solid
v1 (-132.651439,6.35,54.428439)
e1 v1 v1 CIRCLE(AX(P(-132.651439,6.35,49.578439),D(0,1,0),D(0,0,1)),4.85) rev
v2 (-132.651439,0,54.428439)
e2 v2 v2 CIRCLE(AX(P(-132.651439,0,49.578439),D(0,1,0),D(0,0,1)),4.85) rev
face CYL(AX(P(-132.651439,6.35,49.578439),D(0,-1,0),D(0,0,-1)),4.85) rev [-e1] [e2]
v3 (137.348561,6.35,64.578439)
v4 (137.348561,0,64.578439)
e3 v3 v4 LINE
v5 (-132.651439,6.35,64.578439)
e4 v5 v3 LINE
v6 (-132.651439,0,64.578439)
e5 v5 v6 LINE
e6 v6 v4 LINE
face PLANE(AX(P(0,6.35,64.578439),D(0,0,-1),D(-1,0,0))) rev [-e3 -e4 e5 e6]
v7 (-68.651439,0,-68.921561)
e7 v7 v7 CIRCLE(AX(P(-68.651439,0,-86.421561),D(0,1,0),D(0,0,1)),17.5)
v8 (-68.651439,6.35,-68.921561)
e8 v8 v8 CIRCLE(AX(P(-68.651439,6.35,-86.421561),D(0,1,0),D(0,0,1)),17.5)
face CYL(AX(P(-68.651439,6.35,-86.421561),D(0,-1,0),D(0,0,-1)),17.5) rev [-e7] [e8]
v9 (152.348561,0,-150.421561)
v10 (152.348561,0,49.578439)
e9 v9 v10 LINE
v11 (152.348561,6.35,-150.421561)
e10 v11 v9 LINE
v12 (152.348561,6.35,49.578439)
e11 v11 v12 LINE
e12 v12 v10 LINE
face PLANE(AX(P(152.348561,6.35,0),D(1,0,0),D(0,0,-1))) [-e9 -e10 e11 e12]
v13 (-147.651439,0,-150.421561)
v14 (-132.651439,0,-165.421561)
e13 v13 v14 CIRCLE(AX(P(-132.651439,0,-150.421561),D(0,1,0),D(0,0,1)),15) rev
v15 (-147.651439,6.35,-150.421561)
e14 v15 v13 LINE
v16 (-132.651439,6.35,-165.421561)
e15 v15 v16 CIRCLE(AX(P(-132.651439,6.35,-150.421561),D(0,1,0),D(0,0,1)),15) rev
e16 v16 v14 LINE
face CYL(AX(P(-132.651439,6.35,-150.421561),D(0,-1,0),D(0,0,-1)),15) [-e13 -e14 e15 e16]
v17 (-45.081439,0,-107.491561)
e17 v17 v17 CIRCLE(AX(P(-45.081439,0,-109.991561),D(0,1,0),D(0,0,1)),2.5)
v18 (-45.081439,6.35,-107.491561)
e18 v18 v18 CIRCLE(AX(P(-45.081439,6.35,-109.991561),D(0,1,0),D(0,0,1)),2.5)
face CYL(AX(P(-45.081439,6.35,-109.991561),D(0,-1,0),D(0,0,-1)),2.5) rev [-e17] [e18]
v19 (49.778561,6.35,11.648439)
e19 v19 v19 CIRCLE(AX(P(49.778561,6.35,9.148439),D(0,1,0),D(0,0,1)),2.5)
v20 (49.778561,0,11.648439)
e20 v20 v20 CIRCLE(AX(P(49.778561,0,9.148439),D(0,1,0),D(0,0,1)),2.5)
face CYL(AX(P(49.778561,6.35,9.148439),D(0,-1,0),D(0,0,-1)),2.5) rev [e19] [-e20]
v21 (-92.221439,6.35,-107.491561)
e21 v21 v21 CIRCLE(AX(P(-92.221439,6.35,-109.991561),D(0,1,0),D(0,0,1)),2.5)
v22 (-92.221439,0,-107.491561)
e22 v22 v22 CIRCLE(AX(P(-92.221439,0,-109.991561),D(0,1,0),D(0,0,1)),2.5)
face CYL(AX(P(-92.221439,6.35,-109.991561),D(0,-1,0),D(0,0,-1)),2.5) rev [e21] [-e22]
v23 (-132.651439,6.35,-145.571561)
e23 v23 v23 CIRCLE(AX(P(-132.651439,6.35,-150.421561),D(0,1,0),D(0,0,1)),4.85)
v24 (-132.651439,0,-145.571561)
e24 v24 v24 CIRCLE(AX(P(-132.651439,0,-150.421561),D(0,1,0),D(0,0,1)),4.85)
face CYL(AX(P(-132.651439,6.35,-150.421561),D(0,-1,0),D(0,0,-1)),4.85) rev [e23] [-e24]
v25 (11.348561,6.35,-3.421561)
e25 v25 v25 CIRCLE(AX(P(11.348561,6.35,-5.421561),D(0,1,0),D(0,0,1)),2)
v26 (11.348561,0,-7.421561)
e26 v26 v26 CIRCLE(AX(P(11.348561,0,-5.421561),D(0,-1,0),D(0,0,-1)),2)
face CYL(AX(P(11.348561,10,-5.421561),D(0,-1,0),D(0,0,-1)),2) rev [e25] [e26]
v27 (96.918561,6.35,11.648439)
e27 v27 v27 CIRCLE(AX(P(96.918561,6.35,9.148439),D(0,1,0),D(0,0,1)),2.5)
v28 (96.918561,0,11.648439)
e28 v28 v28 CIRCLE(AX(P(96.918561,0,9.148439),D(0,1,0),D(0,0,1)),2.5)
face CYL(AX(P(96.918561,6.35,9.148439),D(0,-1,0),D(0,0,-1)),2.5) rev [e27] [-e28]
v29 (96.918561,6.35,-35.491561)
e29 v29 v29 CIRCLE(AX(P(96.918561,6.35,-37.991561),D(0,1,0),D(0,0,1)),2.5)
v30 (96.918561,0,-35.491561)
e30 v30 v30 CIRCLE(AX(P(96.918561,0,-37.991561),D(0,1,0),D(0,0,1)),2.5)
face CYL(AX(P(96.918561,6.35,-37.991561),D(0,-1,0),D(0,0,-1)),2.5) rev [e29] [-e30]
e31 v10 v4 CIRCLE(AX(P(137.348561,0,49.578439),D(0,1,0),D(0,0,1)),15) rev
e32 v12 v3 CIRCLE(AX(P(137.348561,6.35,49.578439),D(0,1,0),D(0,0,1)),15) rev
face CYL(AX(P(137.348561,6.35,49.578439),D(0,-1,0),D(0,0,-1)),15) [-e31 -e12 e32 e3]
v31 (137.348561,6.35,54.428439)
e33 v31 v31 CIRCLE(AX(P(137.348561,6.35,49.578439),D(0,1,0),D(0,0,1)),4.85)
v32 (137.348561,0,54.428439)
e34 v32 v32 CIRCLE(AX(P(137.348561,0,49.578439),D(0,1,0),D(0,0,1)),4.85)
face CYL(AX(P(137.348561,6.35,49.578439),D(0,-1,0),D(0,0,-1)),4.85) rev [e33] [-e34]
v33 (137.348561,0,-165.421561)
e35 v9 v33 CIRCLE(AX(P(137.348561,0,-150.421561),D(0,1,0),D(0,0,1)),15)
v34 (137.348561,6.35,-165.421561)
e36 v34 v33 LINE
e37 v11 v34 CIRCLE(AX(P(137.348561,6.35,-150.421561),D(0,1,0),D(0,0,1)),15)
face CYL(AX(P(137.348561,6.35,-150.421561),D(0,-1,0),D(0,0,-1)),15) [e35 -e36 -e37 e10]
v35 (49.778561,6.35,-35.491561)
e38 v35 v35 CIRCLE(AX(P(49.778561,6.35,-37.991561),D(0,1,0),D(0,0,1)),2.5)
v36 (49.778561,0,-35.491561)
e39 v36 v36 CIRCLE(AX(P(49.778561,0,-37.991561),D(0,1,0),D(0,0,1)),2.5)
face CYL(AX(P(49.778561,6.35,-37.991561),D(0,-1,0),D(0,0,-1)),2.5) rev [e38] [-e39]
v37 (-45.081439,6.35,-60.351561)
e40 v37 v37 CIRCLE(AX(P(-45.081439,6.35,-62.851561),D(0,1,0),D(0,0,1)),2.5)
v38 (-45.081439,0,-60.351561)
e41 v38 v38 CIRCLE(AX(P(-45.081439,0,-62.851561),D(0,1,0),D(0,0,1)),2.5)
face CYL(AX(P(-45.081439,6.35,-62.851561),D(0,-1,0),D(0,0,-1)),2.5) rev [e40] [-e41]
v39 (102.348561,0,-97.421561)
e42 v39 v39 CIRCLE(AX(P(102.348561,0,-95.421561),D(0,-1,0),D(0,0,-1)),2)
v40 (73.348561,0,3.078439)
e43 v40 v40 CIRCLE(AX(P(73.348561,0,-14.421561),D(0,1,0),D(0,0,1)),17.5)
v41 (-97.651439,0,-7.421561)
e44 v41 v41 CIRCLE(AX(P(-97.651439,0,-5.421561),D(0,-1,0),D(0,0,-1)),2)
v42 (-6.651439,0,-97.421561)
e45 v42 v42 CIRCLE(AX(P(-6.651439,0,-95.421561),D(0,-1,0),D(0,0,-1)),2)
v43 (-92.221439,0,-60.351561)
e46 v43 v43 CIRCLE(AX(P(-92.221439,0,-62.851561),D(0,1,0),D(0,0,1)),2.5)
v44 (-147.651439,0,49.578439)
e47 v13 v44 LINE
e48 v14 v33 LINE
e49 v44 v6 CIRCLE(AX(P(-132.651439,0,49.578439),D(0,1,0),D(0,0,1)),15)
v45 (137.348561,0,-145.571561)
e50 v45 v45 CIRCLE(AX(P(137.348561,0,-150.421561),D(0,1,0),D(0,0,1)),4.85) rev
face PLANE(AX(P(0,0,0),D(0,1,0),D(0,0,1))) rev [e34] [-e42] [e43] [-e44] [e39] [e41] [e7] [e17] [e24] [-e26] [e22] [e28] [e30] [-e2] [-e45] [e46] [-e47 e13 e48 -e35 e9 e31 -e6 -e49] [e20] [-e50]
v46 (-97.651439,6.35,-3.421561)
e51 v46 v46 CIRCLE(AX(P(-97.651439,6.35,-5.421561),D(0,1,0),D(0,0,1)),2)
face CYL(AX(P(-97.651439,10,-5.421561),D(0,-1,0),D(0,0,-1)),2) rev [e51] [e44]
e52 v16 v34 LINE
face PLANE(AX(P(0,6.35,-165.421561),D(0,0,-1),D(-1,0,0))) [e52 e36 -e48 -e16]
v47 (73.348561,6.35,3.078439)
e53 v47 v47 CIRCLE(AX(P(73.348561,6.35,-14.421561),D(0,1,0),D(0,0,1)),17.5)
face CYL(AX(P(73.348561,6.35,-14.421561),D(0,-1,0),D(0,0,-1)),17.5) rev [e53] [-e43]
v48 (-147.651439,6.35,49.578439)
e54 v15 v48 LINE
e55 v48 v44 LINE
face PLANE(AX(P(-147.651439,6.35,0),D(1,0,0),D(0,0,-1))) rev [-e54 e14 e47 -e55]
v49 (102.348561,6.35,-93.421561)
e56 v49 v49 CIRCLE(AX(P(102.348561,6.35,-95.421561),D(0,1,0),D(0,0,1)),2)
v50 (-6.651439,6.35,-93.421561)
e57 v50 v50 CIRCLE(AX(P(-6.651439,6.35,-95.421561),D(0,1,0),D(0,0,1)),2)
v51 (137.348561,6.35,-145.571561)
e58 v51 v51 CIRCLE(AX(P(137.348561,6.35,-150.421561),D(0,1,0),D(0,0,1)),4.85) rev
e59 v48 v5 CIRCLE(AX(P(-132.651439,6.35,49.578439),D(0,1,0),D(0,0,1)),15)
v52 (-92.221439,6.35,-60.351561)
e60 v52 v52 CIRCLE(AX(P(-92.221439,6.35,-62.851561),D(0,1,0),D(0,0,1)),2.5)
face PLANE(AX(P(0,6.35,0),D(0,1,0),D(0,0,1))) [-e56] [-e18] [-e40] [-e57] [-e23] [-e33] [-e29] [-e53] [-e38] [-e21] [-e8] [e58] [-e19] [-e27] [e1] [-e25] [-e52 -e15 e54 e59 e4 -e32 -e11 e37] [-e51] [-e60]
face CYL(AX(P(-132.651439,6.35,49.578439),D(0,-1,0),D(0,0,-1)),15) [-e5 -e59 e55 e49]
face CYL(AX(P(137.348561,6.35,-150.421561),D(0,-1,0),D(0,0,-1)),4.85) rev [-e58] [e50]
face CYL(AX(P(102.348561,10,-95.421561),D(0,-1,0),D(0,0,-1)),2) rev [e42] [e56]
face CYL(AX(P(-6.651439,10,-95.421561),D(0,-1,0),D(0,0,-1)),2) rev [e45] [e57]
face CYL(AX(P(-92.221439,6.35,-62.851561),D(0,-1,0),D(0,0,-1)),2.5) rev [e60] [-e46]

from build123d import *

# Parameters (mm, degrees)
SKETCH1_R           = 4.85
SKETCH1_R_2         = 2.5
SKETCH1_R_3         = 17.5
BOSS_EXTRUDE1_DEPTH = 6.35
SKETCH5_R           = 2
CUT_EXTRUDE2_DEPTH  = 10


with BuildPart() as part:
    # Sketch1 → Boss-Extrude1 (new body)
    with BuildSketch(Plane(origin=(0, 0, 0), x_dir=(1, 0, 0), z_dir=(0, 1, 0))):
        with BuildLine():
            Line((-132.651439051, 165.421561199), (137.348560949, 165.421561199))
            ThreePointArc((137.348560949, 165.421561199), (147.955162667, 161.028162917), (152.348560949, 150.421561199))
            Line((152.348560949, 150.421561199), (152.348560949, -49.578438801))
            ThreePointArc((152.348560949, -49.578438801), (147.955162667, -60.185040519), (137.348560949, -64.578438801))
            Line((137.348560949, -64.578438801), (-132.651439051, -64.578438801))
            ThreePointArc((-132.651439051, -64.578438801), (-143.258040769, -60.185040519), (-147.651439051, -49.578438801))
            Line((-147.651439051, -49.578438801), (-147.651439051, 150.421561199))
            ThreePointArc((-147.651439051, 150.421561199), (-143.258040769, 161.028162917), (-132.651439051, 165.421561199))
        make_face()
        with Locations((-132.651439051, 150.421561199)):
            Circle(SKETCH1_R, mode=Mode.SUBTRACT)
        with Locations((137.348560949, -49.578438801)):
            Circle(SKETCH1_R, mode=Mode.SUBTRACT)
        with Locations((-45.081439051, 109.991561199)):
            Circle(SKETCH1_R_2, mode=Mode.SUBTRACT)
        with Locations((-45.081439051, 62.851561199)):
            Circle(SKETCH1_R_2, mode=Mode.SUBTRACT)
        with Locations((-92.221439051, 62.851561199)):
            Circle(SKETCH1_R_2, mode=Mode.SUBTRACT)
        with Locations((-92.221439051, 109.991561199)):
            Circle(SKETCH1_R_2, mode=Mode.SUBTRACT)
        with Locations((49.778560949, 37.991561199)):
            Circle(SKETCH1_R_2, mode=Mode.SUBTRACT)
        with Locations((96.918560949, 37.991561199)):
            Circle(SKETCH1_R_2, mode=Mode.SUBTRACT)
        with Locations((96.918560949, -9.148438801)):
            Circle(SKETCH1_R_2, mode=Mode.SUBTRACT)
        with Locations((49.778560949, -9.148438801)):
            Circle(SKETCH1_R_2, mode=Mode.SUBTRACT)
        with Locations((137.348560949, 150.421561199)):
            Circle(SKETCH1_R, mode=Mode.SUBTRACT)
        with Locations((-132.651439051, -49.578438801)):
            Circle(SKETCH1_R, mode=Mode.SUBTRACT)
        with Locations((-68.651439051, 86.421561199)):
            Circle(SKETCH1_R_3, mode=Mode.SUBTRACT)
        with Locations((73.348560949, 14.421561199)):
            Circle(SKETCH1_R_3, mode=Mode.SUBTRACT)
    extrude(amount=BOSS_EXTRUDE1_DEPTH)

    # Sketch5 → Cut-Extrude2 (cut)
    with BuildSketch(Plane.XZ):
        with Locations((-97.651439051, -5.421561199)):
            Circle(SKETCH5_R)
        with Locations((11.348560949, -5.421561199)):
            Circle(SKETCH5_R)
        with Locations((-6.651439051, -95.421561199)):
            Circle(SKETCH5_R)
        with Locations((102.348560949, -95.421561199)):
            Circle(SKETCH5_R)
    extrude(amount=-CUT_EXTRUDE2_DEPTH, mode=Mode.SUBTRACT)


solid = part.part
